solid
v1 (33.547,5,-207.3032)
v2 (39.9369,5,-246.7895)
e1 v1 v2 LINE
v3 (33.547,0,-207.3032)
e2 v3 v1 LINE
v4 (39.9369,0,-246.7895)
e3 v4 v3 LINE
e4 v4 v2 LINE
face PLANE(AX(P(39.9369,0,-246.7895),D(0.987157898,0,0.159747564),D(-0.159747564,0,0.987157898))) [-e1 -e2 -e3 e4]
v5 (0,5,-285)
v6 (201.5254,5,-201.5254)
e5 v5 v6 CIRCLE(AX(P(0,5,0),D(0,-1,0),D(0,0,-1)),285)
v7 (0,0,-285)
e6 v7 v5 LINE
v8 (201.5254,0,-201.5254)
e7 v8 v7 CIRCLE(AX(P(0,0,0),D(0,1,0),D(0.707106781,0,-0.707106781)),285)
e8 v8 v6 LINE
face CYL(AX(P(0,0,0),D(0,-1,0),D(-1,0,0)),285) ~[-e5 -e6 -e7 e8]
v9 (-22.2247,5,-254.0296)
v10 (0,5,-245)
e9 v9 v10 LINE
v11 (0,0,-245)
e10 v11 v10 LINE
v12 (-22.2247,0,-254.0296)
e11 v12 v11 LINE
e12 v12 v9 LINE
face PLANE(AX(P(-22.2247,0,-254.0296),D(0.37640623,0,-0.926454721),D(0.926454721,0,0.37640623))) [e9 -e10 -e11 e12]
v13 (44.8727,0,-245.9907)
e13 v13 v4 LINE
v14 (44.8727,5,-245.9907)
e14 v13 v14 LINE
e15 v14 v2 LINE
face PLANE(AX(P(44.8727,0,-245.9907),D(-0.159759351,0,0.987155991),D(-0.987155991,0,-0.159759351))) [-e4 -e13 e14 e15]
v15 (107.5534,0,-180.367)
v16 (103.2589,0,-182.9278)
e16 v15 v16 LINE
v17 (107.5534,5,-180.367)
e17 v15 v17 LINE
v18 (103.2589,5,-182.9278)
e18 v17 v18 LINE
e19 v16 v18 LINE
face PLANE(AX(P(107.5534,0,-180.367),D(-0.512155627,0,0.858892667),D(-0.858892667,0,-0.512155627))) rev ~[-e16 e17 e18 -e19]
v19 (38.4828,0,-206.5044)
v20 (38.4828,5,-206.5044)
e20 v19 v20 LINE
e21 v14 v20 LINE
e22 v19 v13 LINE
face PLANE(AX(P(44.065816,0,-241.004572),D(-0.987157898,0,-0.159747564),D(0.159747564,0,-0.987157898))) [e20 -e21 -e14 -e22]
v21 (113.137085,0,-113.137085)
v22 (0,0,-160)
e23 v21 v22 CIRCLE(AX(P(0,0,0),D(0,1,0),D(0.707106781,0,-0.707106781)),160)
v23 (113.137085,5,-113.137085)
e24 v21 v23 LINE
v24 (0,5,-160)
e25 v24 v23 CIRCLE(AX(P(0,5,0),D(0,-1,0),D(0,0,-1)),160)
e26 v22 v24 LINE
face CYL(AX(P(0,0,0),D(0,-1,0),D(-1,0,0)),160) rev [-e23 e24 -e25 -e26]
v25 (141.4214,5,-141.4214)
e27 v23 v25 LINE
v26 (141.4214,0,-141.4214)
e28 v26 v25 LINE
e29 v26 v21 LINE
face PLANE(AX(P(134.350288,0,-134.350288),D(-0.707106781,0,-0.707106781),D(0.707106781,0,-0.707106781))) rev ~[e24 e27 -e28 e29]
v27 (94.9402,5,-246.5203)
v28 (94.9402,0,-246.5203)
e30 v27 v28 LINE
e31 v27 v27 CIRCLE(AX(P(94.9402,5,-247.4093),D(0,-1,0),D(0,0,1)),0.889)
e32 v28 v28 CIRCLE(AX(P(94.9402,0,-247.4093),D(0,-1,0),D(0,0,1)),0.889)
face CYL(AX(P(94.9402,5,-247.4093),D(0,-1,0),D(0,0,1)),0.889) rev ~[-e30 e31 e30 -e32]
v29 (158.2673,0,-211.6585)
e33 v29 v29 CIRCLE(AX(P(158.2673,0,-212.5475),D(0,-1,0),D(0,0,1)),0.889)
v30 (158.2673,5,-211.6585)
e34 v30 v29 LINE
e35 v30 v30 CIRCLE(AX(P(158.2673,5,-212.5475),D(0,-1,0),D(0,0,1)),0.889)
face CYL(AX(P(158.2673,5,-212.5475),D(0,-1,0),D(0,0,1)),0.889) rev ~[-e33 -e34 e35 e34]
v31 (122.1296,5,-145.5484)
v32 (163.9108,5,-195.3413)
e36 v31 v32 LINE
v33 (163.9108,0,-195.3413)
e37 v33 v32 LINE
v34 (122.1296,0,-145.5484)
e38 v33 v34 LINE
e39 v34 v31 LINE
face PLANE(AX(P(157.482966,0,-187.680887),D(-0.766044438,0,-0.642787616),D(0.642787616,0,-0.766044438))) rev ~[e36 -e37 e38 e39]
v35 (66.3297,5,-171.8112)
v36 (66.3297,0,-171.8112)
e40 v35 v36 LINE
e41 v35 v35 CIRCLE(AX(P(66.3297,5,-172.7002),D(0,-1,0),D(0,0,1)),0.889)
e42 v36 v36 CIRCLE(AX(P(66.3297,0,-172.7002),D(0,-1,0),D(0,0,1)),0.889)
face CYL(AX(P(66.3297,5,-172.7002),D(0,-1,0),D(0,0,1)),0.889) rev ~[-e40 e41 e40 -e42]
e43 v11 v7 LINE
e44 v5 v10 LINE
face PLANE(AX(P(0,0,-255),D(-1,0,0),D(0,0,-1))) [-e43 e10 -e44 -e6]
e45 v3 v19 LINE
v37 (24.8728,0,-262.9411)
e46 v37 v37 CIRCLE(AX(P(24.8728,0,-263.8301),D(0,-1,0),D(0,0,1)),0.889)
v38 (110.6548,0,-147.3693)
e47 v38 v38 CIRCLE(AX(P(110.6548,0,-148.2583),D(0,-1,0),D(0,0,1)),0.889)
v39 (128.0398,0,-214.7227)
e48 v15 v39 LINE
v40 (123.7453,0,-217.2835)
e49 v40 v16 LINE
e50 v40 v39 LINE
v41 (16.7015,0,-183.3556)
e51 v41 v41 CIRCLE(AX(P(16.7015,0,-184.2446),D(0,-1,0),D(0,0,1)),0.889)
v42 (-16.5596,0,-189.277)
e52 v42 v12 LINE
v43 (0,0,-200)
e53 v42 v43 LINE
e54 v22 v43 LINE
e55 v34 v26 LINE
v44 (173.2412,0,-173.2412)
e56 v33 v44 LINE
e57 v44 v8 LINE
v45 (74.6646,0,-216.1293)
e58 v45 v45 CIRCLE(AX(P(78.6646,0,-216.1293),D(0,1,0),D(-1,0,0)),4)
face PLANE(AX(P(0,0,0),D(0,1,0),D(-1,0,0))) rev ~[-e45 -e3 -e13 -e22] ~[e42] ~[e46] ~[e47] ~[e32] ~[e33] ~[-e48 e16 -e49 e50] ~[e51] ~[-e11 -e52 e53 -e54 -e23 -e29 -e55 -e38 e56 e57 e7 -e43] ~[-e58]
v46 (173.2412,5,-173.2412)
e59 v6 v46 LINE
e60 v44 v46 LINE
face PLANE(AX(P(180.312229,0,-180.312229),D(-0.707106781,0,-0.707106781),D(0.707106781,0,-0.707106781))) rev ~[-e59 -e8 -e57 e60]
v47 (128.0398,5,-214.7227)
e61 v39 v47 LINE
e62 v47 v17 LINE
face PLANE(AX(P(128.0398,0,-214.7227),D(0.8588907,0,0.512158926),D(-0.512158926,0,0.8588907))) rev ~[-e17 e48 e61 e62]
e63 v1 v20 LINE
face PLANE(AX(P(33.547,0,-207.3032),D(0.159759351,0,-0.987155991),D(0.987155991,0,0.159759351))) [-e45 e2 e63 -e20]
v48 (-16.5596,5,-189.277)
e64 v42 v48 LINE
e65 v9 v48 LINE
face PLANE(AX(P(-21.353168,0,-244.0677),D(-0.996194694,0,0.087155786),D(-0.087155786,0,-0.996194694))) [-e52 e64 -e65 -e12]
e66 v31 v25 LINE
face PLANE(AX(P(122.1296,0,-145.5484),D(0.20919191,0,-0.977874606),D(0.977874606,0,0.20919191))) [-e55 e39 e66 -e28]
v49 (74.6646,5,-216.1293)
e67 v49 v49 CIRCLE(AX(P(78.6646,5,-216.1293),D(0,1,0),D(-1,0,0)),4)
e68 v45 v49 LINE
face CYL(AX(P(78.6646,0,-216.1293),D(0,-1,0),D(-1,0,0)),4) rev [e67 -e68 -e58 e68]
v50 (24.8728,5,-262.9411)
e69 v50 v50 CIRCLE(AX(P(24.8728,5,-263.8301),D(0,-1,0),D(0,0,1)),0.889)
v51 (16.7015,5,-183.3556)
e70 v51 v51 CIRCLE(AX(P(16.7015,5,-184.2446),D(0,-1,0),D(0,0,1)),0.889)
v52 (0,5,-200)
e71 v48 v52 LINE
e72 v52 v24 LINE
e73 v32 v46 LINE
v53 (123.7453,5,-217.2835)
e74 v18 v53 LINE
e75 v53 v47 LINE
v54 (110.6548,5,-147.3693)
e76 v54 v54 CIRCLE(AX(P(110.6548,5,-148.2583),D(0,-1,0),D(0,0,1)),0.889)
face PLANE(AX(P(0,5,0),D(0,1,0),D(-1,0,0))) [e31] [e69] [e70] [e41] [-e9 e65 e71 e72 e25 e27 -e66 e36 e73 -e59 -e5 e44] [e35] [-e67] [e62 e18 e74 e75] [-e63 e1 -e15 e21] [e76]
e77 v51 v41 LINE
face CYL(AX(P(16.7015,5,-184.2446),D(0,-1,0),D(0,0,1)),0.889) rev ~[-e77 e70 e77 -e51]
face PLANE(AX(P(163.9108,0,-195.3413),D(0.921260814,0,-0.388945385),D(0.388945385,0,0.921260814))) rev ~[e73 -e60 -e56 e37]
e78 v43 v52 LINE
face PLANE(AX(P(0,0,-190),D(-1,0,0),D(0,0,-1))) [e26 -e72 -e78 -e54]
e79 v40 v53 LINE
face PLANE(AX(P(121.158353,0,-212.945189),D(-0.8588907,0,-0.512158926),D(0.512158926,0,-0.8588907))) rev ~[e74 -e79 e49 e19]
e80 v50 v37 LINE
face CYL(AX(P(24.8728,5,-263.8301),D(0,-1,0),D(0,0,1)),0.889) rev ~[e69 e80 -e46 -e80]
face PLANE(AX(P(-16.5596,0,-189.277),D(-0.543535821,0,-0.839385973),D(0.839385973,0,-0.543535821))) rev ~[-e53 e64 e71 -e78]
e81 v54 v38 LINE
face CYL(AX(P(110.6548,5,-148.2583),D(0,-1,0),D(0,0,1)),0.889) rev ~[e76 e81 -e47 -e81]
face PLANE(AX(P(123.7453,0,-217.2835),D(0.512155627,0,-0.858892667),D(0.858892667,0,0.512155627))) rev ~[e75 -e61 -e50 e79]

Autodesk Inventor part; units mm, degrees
ref_plane "YZ Plane" through (0, 0, 0) normal (1, 0, 0) x (0, 1, 0)
ref_plane "XZ Plane" through (0, 0, 0) normal (0, 1, 0) x (-1, 0, 0)
ref_plane "XY Plane" through (0, 0, 0) normal (0, 0, 1) x (1, 0, 0)
sketch "Sketch2" plane through (0, 0, 0) normal (0, 1, 0) x (-1, 0, 0)
  circle A0 centre (0, 0) radius 285
  circle A1 centre (0, 0) radius 160
  line L0 (0, 0) -> (0, -285)
  line L1 (0, 0) -> (-201.5254, -201.5254)
  line L2 (0, 0) -> (24.8394, -283.9155)
  line L3 (0, 0) -> (-183.1945, -218.3227)
  circle A2 centre (0, 0) radius 255
  circle A3 centre (0, 0) radius 190
  circle A4 centre (0, 0) radius 200
  circle A5 centre (0, 0) radius 245
  line L4 (16.5596, -189.277) -> (0, -200)
  line L5 (22.2247, -254.0296) -> (0, -245)
  line L6 (-122.1296, -145.5484) -> (-141.4214, -141.4214)
  line L7 (-163.9108, -195.3413) -> (-173.2412, -173.2412)
  line L8 (-123.7453, -217.2835) -> (-128.0398, -214.7227)
  line L9 (-128.0398, -214.7227) -> (-107.5534, -180.367)
  line L10 (-107.5534, -180.367) -> (-103.2589, -182.9278)
  line L11 (-103.2589, -182.9278) -> (-123.7453, -217.2835)
  line L12 (-123.7453, -217.2835) -> (-107.5534, -180.367) construction
  line L13 (-128.0398, -214.7227) -> (-103.2589, -182.9278) construction
  circle A6 centre (0, 0) radius 230 construction
  line L14 (0, 0) -> (-97.4757, -267.8124) construction
  circle A7 centre (0, 0) radius 210 construction
  circle A8 centre (0, 0) radius 250 construction
  line L15 (-44.8727, -245.9907) -> (-39.9369, -246.7895)
  line L16 (-39.9369, -246.7895) -> (-33.547, -207.3032)
  line L17 (-33.547, -207.3032) -> (-38.4828, -206.5044)
  line L18 (-38.4828, -206.5044) -> (-44.8727, -245.9907)
  line L19 (-44.8727, -245.9907) -> (-33.547, -207.3032) construction
  line L20 (-39.9369, -246.7895) -> (-38.4828, -206.5044) construction
  circle A9 centre (-78.6646, -216.1293) radius 4
  point P0 (-115.6493, -198.8252)
  point P1 (0, -160)
  point P2 (-113.1371, -113.1371)
  dimension "d0" = 570
  dimension "d1" = 320
  dimension "d2" = 45
  dimension "d3" = 5
  dimension "d4" = 5
  dimension "d5" = 30
  dimension "d6" = 30
  dimension "d7" = 10
  dimension "d8" = 10
  dimension "d11" = 5
  dimension "d14" = 20
  dimension "d19" = 39.2099
  dimension "d20" = 40
  dimension "d21" = 50
  dimension "d24" = 8
  dimension "d35" = 70
extrude "Extrusion1" add sketch "Sketch2" along normal blind 5 contours L1 A2 L3 A0 | L3 A2 L0 A0 | L1 L7 A2 | L5 A5 L2 | L3 A5 L9 L8 L11 L18 L15 L16 L0 A2 | A5 L0 A4 L2 | A5 L16 L17 L18 L11 L10 L9 L3 A4 L0 | L1 A3 L6 | A4 L4 L2 | A4 L3 A3 L0 | L1 A1 L3 A3 | L3 A1 L0 A3
sketch "Sketch3" plane through (0, 5, 0) normal (0, 1, 0) x (1, 0, 0)
  circle A0 centre (0, 0) radius 185
  circle A1 centre (0, 0) radius 265
  point P0 (94.9402, 247.4093)
  point P1 (66.3297, 172.7002)
  point P2 (16.7015, 184.2446)
  point P3 (24.8728, 263.8301)
  point P4 (110.6548, 148.2583)
  point P5 (158.2673, 212.5475)
  dimension "d32" = 370
  dimension "d34" = 530
hole "Hole1" at (94.9402, 5, -247.4093) at (66.3297, 5, -172.7002) at (16.7015, 5, -184.2446) at (24.8728, 5, -263.8301) at (110.6548, 5, -148.2583) at (158.2673, 5, -212.5475) direction (0, -1, 0) diameter 1.778 end through all
properties part number "Non-Rotating Carousel Plate" material "PLA 33 Plastic"
